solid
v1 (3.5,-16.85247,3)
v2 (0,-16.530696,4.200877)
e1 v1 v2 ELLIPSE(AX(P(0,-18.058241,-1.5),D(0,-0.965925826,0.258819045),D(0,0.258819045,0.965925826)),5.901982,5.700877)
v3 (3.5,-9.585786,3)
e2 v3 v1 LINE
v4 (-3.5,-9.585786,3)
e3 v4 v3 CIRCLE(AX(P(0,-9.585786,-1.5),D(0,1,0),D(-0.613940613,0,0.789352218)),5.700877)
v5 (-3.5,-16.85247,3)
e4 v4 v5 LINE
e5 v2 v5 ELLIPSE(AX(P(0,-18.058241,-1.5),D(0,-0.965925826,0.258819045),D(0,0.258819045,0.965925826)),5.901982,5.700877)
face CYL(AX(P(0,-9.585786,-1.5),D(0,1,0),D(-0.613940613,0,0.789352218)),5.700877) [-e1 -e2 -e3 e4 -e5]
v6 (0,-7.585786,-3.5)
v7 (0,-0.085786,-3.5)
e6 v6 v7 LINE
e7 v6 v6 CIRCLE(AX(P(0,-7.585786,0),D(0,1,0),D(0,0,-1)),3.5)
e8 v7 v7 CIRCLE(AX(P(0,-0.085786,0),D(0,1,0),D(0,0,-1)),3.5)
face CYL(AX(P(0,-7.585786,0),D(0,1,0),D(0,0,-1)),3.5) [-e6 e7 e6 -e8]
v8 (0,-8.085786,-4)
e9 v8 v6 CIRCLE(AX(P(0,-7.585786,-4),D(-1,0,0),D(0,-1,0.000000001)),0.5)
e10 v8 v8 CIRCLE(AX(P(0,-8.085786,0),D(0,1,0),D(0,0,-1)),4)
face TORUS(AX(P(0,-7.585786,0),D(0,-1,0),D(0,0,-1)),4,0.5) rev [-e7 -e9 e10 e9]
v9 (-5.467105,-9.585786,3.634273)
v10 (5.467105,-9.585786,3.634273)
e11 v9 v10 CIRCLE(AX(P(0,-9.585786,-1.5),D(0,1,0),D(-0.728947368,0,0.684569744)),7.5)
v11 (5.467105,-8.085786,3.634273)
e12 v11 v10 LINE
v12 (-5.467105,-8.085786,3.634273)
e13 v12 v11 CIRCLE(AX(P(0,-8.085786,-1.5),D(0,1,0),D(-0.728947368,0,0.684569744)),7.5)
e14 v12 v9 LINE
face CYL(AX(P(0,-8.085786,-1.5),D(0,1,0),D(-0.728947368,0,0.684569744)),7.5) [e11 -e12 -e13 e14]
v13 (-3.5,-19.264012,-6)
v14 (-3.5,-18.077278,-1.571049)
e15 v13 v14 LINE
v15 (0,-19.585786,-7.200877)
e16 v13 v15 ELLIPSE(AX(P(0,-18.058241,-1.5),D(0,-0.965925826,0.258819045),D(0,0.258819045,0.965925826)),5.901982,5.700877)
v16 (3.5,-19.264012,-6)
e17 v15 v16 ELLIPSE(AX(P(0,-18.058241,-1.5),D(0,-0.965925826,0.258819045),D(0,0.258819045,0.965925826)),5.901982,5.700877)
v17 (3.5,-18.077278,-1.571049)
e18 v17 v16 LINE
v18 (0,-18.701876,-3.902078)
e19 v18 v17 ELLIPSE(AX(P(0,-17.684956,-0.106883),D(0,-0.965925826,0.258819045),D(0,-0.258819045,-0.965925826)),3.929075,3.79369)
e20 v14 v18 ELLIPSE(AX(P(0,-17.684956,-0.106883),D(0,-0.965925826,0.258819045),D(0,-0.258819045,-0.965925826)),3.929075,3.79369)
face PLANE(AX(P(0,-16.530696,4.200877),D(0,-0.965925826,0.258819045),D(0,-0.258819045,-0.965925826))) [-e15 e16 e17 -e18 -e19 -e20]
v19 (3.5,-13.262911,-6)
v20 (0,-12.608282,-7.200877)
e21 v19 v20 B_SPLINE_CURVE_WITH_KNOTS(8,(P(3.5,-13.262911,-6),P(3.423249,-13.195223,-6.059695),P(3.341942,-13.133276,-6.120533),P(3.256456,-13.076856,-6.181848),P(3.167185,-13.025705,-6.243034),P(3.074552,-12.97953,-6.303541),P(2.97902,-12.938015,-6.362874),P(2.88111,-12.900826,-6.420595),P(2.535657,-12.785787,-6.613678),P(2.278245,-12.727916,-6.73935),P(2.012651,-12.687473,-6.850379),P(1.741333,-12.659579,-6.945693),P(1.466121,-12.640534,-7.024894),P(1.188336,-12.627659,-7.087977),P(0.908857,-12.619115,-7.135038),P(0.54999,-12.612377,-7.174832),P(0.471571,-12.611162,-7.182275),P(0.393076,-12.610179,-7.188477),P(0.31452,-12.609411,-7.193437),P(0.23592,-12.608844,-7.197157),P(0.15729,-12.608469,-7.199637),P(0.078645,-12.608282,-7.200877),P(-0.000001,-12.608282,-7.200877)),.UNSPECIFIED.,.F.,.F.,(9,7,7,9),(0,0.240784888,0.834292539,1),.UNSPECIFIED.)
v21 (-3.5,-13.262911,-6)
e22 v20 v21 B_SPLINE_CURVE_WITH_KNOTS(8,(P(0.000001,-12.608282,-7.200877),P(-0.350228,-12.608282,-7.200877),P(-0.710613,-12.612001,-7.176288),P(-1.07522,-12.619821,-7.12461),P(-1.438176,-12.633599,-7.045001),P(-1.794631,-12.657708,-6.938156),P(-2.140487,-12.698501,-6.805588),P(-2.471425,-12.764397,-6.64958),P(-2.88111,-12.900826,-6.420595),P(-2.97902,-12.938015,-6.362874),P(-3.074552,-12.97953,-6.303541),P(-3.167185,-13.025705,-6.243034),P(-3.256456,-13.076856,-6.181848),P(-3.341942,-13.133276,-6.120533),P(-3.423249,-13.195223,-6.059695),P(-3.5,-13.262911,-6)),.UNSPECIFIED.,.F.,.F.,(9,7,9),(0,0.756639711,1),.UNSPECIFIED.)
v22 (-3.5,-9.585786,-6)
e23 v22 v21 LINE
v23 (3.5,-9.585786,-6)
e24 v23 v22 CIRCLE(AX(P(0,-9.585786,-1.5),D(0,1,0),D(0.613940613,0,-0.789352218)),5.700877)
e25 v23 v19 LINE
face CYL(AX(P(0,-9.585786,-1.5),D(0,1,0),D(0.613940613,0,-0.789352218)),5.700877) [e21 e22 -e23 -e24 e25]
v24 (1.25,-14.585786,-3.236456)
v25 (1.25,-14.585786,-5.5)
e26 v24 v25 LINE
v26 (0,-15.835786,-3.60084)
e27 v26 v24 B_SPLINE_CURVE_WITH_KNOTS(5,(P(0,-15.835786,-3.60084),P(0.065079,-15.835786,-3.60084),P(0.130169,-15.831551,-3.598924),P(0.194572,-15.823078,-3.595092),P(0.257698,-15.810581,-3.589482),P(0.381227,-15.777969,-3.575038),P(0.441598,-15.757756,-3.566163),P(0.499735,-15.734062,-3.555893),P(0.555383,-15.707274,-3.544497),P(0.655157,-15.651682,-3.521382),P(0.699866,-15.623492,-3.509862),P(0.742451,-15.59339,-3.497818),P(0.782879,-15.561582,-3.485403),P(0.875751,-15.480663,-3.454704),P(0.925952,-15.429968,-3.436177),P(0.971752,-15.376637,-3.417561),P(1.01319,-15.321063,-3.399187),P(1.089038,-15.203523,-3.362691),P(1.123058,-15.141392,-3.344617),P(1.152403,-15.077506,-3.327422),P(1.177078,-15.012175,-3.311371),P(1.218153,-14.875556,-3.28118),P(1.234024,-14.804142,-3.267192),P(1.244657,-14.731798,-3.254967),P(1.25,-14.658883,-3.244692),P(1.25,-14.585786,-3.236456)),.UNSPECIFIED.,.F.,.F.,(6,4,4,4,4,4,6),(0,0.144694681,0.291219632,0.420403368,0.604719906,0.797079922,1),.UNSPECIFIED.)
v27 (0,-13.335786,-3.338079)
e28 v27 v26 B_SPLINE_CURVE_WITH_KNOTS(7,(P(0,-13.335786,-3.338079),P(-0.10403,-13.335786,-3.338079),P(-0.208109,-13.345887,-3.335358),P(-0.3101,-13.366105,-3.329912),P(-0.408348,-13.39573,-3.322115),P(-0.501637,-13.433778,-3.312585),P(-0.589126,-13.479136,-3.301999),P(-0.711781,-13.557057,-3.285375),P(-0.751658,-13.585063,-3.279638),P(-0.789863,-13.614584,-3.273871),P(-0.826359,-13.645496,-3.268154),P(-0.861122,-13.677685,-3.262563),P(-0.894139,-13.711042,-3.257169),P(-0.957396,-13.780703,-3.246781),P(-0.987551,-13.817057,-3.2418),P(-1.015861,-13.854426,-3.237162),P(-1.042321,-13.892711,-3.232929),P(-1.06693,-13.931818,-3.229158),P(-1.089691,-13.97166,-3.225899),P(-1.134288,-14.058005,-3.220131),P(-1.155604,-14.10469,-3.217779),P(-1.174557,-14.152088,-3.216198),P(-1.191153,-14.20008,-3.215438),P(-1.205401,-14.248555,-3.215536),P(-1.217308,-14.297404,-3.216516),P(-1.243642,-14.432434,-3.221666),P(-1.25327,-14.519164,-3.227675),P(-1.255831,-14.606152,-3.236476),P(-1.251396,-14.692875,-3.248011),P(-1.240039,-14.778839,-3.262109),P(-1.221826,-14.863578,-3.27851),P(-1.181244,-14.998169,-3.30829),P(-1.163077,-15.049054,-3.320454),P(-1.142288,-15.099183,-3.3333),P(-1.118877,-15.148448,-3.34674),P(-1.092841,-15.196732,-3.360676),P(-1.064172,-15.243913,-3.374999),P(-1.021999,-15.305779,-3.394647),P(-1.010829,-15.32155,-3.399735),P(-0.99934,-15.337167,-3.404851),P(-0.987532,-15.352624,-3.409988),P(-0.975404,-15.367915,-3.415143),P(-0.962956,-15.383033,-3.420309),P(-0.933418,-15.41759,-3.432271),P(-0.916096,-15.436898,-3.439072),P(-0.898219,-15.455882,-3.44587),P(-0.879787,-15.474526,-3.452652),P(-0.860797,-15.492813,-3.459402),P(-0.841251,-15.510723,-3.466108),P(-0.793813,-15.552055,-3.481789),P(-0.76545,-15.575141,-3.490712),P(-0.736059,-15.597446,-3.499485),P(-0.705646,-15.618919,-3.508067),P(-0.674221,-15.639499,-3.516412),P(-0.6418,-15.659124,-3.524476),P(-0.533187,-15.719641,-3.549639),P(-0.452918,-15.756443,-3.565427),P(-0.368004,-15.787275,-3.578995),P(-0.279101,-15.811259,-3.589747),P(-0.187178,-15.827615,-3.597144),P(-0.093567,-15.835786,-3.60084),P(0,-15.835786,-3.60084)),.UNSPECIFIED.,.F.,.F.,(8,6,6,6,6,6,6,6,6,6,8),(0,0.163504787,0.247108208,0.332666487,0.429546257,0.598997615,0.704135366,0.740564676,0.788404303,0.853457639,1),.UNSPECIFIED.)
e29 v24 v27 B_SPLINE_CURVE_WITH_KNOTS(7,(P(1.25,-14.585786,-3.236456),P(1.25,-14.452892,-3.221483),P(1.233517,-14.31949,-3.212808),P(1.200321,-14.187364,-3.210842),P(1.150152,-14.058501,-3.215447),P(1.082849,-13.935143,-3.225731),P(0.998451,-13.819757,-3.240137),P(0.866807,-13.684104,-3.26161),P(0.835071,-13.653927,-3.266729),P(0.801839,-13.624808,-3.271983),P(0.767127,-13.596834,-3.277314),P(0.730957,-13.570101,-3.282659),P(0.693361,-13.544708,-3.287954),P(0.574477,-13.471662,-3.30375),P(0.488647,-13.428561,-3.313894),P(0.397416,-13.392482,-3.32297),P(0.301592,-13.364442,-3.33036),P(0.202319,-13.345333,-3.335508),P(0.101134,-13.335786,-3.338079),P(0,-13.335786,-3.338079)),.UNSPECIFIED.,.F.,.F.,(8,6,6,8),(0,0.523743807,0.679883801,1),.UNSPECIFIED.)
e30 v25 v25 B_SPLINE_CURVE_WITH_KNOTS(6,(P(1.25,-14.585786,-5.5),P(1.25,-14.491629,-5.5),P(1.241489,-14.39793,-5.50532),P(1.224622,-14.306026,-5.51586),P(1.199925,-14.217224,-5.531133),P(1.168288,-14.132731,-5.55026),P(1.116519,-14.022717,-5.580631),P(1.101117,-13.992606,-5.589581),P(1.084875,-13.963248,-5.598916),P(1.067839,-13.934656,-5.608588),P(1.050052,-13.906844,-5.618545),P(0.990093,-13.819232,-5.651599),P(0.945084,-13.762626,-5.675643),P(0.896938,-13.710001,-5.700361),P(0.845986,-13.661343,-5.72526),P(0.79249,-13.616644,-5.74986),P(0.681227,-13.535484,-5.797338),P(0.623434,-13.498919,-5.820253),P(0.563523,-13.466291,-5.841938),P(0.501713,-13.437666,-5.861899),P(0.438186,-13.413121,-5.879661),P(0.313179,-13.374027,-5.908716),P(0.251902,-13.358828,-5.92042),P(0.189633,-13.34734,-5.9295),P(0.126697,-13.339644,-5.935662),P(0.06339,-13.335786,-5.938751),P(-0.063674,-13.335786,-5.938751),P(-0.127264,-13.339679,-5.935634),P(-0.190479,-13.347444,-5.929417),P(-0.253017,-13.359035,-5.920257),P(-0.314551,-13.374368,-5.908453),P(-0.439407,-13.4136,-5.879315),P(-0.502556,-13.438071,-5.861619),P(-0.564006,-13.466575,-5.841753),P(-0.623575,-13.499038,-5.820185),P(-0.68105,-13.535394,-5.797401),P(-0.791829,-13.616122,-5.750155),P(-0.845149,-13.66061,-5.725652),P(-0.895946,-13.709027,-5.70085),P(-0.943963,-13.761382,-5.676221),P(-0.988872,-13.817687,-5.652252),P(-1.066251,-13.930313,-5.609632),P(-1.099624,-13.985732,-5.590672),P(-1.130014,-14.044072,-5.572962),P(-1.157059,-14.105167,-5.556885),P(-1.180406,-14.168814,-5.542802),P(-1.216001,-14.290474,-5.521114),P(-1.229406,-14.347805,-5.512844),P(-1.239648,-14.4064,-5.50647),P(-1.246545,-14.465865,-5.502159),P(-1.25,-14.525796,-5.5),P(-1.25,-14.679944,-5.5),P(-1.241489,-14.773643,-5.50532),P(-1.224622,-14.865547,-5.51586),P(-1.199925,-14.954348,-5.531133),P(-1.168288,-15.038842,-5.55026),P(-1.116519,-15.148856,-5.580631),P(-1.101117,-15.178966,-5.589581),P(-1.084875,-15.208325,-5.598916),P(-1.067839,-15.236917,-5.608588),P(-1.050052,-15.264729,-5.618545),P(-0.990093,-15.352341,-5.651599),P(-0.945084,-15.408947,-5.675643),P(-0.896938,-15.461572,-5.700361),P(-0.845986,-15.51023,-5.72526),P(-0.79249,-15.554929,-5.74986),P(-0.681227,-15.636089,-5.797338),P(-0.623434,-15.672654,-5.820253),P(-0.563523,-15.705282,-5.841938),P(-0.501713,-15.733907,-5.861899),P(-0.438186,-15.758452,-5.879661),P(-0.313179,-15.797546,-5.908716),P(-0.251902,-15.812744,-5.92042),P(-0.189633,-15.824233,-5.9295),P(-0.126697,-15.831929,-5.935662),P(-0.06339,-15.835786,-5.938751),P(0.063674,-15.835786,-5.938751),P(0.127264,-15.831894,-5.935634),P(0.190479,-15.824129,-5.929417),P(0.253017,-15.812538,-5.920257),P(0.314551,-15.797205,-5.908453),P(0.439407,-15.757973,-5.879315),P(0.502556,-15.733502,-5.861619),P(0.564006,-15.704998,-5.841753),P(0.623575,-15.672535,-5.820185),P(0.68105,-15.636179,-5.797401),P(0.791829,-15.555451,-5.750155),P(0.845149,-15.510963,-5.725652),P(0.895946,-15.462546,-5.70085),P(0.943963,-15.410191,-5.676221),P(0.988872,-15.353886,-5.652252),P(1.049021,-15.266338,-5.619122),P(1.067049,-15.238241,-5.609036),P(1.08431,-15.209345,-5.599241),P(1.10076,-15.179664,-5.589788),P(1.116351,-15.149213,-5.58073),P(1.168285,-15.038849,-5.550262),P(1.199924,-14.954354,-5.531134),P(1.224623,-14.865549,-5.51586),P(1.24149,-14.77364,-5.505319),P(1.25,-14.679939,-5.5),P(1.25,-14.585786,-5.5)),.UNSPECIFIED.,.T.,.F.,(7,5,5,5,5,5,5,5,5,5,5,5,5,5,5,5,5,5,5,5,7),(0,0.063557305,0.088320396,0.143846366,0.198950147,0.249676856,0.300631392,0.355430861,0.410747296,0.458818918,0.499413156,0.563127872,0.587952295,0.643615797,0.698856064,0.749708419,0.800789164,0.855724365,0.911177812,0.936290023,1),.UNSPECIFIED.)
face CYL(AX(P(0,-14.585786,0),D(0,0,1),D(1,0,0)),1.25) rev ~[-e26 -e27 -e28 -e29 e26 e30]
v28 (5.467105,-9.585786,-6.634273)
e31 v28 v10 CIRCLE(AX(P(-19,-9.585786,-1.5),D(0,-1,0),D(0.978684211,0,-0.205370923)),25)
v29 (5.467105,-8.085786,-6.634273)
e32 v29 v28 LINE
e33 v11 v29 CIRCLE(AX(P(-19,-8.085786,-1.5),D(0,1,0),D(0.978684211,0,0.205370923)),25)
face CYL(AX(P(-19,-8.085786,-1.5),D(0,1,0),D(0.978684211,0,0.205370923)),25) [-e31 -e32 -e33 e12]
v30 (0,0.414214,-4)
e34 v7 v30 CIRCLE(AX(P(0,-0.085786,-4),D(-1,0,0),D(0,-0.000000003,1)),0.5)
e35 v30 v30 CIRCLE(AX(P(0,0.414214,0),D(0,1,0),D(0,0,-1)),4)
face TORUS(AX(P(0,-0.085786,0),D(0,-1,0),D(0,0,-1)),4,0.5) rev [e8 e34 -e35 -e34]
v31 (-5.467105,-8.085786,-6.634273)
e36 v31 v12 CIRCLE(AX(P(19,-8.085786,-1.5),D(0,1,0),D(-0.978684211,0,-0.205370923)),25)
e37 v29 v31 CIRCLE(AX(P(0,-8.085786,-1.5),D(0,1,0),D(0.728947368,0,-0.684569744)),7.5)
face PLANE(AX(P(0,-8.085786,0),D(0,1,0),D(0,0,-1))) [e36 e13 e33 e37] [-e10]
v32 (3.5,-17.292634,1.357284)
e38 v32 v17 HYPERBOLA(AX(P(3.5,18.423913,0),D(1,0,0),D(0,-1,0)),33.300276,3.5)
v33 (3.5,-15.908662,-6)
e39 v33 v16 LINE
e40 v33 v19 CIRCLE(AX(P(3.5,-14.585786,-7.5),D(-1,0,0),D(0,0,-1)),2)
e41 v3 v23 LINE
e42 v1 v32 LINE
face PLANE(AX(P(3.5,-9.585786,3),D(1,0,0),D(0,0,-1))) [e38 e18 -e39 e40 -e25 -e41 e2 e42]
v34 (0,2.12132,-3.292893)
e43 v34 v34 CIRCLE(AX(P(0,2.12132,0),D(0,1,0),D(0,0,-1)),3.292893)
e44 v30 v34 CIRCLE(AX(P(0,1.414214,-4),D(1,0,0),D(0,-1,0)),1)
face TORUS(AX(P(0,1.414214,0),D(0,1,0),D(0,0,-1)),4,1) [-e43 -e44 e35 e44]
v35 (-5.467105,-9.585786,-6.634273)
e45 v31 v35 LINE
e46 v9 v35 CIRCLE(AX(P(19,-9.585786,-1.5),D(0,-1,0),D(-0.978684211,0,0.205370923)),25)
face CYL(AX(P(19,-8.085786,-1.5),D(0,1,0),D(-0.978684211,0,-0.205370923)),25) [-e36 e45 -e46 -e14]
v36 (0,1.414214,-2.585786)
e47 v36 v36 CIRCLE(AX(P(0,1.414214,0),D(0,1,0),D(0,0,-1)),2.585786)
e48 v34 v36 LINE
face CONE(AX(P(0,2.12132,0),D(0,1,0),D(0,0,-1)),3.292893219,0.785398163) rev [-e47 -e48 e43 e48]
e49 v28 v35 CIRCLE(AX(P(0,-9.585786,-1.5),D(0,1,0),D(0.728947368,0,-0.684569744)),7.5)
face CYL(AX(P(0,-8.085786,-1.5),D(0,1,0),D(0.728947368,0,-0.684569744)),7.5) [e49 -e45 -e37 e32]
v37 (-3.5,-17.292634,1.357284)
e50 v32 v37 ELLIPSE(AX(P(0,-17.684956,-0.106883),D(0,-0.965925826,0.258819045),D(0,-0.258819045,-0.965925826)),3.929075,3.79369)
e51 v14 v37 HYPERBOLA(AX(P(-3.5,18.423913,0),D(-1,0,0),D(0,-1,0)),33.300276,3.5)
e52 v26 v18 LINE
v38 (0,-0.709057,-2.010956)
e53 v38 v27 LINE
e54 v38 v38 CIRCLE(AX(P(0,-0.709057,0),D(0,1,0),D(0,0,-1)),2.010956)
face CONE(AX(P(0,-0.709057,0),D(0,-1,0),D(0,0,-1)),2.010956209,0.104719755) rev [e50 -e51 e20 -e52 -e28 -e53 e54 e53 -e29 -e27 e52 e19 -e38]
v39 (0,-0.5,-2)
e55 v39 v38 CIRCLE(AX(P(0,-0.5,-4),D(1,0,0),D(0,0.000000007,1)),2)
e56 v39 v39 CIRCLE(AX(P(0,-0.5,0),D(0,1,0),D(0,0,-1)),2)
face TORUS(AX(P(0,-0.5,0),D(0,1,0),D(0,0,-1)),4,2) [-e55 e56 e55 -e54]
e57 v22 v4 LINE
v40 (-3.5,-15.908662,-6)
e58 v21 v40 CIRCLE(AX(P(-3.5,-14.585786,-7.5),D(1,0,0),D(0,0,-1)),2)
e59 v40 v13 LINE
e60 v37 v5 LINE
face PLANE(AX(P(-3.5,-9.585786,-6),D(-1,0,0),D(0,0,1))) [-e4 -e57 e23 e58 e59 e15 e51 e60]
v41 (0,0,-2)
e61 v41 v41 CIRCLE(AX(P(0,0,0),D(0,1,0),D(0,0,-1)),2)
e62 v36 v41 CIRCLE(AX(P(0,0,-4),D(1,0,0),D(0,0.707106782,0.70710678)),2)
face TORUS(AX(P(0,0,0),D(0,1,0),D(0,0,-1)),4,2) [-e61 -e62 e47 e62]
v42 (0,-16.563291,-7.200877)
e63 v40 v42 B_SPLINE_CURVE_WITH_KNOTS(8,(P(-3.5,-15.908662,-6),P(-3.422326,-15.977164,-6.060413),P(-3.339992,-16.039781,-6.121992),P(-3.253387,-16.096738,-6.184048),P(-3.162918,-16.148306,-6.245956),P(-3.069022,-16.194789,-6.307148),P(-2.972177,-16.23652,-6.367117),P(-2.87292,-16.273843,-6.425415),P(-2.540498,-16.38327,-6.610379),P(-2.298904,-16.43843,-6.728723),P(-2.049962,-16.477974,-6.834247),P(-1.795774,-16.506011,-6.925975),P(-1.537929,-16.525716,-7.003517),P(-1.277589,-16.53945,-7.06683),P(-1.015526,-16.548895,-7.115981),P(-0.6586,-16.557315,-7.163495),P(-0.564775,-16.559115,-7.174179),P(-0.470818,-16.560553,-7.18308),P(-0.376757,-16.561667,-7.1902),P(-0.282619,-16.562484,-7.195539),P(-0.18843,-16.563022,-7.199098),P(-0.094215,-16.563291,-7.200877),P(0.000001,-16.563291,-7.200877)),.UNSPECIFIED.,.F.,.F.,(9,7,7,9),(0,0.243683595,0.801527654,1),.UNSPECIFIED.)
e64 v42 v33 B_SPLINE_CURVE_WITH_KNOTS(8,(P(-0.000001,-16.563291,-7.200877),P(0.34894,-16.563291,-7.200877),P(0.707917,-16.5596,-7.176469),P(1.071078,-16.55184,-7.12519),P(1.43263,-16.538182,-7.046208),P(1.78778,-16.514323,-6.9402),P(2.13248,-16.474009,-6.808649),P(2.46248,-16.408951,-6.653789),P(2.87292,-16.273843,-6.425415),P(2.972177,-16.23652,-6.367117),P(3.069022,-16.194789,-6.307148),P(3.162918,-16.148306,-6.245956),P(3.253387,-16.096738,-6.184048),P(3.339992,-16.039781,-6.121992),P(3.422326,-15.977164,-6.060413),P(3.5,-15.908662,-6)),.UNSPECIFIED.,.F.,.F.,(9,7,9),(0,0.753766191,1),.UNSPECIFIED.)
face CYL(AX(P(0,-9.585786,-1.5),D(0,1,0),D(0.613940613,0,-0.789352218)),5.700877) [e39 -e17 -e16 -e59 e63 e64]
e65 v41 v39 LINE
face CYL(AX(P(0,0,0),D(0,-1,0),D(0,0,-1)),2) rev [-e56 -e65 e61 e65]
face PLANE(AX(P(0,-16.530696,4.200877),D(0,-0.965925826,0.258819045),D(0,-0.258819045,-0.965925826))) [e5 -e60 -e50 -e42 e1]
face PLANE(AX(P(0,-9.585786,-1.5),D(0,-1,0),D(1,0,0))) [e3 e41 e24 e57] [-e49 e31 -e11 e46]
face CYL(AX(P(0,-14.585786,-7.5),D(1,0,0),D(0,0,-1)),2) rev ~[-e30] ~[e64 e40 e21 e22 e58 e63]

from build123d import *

# Parameters (mm, degrees)
SKETCH2_OUTSIDE_W  = 29.166
SKETCH2_OUTSIDE_H  = 29.166
CUT_EXTRUDE1_DEPTH = 12.5
SKETCH3_OUTSIDE_W  = 19.842
SKETCH3_OUTSIDE_H  = 22.842
CUT_EXTRUDE2_DEPTH = 11
SKETCH4_R          = 2
CUT_EXTRUDE3_DEPTH = 5
SKETCH5_R          = 1.25
CUT_EXTRUDE4_DEPTH = 10


with BuildPart() as part:
    # Sketch1 → Revolve1 (revolve)
    with BuildSketch(Plane.XY, mode=Mode.PRIVATE) as revolve1_sk:
        with BuildLine():
            Line((2, 0), (2, -0.5))
            ThreePointArc((2, -0.5), (2.00274093, -0.604671912), (2.010956209, -0.709056927))
            Line((2.010956209, -0.709056927), (3.994980429, -19.585786438))
            Line((3.994980429, -19.585786438), (8, -19.585786438))
            Line((8, -19.585786438), (8, -9.585786438))
            Line((8, -9.585786438), (10, -9.585786438))
            Line((10, -9.585786438), (10, -8.085786438))
            Line((10, -8.085786438), (4, -8.085786438))
            ThreePointArc((4, -8.085786438), (3.646446609, -7.939339828), (3.5, -7.585786438))
            Line((3.5, -7.585786438), (3.5, -0.085786438))
            ThreePointArc((3.5, -0.085786438), (3.646446609, 0.267766953), (4, 0.414213562))
            ThreePointArc((4, 0.414213562), (4.923879533, 1.796896995), (3.292893219, 2.121320344))
            Line((3.292893219, 2.121320344), (2.585786438, 1.414213562))
            ThreePointArc((2.585786438, 1.414213562), (2.152240935, 0.765366865), (2, 0))
        make_face()
    revolve(revolve1_sk.sketch.rotate(Axis((0, -19.635786438, 0), (0, 1, 0)), 90), axis=Axis((0, -19.635786438, 0), (0, 1, 0)))  # turned: the seam where the file's is

    # Sketch2 outside → Cut-Extrude1 (cut, through all)
    with BuildSketch(Plane(origin=(0, -8.085786438, 0), x_dir=(-1, 0, 0), z_dir=(0, 1, 0))):
        Rectangle(SKETCH2_OUTSIDE_W, SKETCH2_OUTSIDE_H)
        with BuildLine():
            ThreePointArc((5.467105263, 3.634273078), (0, 6), (-5.467105263, 3.634273078))
            ThreePointArc((-5.467105263, 3.634273078), (-6, -1.5), (-5.467105263, -6.634273078))
            ThreePointArc((-5.467105263, -6.634273078), (0, -9), (5.467105263, -6.634273078))
            ThreePointArc((5.467105263, -6.634273078), (6, -1.5), (5.467105263, 3.634273078))
        make_face(mode=Mode.SUBTRACT)
    extrude(amount=-CUT_EXTRUDE1_DEPTH, mode=Mode.SUBTRACT)

    # Sketch3 outside → Cut-Extrude2 (cut, through all)
    with BuildSketch(Plane.XZ.offset(9.585786438)):
        with Locations((0, -1.5)):
            Rectangle(SKETCH3_OUTSIDE_W, SKETCH3_OUTSIDE_H)
        with BuildLine():
            Line((-3.5, -6), (-3.5, 3))
            ThreePointArc((-3.5, 3), (0, 4.200877125), (3.5, 3))
            Line((3.5, 3), (3.5, -6))
            ThreePointArc((3.5, -6), (0, -7.200877125), (-3.5, -6))
        make_face(mode=Mode.SUBTRACT)
    extrude(amount=CUT_EXTRUDE2_DEPTH, mode=Mode.SUBTRACT)

    # Sketch4 → Cut-Extrude3 (cut, symmetric)
    with BuildSketch(Plane(origin=(0, 0, 0), x_dir=(0, 0, -1), z_dir=(1, 0, 0))):
        with Locations((7.5, -14.585786438)):
            Circle(SKETCH4_R)
        Polygon((-4.200877125, -16.530695594), (7.200877125, -19.585786438), (-4.200877125, -19.585786438), align=None)
    extrude(amount=CUT_EXTRUDE3_DEPTH, both=True, mode=Mode.SUBTRACT)

    # Sketch5 → Cut-Extrude4 (cut, through all)
    with BuildSketch(Plane.XY):
        with Locations((0, -14.585786438)):
            Circle(SKETCH5_R)
    extrude(amount=-CUT_EXTRUDE4_DEPTH, mode=Mode.SUBTRACT)


solid = part.part
